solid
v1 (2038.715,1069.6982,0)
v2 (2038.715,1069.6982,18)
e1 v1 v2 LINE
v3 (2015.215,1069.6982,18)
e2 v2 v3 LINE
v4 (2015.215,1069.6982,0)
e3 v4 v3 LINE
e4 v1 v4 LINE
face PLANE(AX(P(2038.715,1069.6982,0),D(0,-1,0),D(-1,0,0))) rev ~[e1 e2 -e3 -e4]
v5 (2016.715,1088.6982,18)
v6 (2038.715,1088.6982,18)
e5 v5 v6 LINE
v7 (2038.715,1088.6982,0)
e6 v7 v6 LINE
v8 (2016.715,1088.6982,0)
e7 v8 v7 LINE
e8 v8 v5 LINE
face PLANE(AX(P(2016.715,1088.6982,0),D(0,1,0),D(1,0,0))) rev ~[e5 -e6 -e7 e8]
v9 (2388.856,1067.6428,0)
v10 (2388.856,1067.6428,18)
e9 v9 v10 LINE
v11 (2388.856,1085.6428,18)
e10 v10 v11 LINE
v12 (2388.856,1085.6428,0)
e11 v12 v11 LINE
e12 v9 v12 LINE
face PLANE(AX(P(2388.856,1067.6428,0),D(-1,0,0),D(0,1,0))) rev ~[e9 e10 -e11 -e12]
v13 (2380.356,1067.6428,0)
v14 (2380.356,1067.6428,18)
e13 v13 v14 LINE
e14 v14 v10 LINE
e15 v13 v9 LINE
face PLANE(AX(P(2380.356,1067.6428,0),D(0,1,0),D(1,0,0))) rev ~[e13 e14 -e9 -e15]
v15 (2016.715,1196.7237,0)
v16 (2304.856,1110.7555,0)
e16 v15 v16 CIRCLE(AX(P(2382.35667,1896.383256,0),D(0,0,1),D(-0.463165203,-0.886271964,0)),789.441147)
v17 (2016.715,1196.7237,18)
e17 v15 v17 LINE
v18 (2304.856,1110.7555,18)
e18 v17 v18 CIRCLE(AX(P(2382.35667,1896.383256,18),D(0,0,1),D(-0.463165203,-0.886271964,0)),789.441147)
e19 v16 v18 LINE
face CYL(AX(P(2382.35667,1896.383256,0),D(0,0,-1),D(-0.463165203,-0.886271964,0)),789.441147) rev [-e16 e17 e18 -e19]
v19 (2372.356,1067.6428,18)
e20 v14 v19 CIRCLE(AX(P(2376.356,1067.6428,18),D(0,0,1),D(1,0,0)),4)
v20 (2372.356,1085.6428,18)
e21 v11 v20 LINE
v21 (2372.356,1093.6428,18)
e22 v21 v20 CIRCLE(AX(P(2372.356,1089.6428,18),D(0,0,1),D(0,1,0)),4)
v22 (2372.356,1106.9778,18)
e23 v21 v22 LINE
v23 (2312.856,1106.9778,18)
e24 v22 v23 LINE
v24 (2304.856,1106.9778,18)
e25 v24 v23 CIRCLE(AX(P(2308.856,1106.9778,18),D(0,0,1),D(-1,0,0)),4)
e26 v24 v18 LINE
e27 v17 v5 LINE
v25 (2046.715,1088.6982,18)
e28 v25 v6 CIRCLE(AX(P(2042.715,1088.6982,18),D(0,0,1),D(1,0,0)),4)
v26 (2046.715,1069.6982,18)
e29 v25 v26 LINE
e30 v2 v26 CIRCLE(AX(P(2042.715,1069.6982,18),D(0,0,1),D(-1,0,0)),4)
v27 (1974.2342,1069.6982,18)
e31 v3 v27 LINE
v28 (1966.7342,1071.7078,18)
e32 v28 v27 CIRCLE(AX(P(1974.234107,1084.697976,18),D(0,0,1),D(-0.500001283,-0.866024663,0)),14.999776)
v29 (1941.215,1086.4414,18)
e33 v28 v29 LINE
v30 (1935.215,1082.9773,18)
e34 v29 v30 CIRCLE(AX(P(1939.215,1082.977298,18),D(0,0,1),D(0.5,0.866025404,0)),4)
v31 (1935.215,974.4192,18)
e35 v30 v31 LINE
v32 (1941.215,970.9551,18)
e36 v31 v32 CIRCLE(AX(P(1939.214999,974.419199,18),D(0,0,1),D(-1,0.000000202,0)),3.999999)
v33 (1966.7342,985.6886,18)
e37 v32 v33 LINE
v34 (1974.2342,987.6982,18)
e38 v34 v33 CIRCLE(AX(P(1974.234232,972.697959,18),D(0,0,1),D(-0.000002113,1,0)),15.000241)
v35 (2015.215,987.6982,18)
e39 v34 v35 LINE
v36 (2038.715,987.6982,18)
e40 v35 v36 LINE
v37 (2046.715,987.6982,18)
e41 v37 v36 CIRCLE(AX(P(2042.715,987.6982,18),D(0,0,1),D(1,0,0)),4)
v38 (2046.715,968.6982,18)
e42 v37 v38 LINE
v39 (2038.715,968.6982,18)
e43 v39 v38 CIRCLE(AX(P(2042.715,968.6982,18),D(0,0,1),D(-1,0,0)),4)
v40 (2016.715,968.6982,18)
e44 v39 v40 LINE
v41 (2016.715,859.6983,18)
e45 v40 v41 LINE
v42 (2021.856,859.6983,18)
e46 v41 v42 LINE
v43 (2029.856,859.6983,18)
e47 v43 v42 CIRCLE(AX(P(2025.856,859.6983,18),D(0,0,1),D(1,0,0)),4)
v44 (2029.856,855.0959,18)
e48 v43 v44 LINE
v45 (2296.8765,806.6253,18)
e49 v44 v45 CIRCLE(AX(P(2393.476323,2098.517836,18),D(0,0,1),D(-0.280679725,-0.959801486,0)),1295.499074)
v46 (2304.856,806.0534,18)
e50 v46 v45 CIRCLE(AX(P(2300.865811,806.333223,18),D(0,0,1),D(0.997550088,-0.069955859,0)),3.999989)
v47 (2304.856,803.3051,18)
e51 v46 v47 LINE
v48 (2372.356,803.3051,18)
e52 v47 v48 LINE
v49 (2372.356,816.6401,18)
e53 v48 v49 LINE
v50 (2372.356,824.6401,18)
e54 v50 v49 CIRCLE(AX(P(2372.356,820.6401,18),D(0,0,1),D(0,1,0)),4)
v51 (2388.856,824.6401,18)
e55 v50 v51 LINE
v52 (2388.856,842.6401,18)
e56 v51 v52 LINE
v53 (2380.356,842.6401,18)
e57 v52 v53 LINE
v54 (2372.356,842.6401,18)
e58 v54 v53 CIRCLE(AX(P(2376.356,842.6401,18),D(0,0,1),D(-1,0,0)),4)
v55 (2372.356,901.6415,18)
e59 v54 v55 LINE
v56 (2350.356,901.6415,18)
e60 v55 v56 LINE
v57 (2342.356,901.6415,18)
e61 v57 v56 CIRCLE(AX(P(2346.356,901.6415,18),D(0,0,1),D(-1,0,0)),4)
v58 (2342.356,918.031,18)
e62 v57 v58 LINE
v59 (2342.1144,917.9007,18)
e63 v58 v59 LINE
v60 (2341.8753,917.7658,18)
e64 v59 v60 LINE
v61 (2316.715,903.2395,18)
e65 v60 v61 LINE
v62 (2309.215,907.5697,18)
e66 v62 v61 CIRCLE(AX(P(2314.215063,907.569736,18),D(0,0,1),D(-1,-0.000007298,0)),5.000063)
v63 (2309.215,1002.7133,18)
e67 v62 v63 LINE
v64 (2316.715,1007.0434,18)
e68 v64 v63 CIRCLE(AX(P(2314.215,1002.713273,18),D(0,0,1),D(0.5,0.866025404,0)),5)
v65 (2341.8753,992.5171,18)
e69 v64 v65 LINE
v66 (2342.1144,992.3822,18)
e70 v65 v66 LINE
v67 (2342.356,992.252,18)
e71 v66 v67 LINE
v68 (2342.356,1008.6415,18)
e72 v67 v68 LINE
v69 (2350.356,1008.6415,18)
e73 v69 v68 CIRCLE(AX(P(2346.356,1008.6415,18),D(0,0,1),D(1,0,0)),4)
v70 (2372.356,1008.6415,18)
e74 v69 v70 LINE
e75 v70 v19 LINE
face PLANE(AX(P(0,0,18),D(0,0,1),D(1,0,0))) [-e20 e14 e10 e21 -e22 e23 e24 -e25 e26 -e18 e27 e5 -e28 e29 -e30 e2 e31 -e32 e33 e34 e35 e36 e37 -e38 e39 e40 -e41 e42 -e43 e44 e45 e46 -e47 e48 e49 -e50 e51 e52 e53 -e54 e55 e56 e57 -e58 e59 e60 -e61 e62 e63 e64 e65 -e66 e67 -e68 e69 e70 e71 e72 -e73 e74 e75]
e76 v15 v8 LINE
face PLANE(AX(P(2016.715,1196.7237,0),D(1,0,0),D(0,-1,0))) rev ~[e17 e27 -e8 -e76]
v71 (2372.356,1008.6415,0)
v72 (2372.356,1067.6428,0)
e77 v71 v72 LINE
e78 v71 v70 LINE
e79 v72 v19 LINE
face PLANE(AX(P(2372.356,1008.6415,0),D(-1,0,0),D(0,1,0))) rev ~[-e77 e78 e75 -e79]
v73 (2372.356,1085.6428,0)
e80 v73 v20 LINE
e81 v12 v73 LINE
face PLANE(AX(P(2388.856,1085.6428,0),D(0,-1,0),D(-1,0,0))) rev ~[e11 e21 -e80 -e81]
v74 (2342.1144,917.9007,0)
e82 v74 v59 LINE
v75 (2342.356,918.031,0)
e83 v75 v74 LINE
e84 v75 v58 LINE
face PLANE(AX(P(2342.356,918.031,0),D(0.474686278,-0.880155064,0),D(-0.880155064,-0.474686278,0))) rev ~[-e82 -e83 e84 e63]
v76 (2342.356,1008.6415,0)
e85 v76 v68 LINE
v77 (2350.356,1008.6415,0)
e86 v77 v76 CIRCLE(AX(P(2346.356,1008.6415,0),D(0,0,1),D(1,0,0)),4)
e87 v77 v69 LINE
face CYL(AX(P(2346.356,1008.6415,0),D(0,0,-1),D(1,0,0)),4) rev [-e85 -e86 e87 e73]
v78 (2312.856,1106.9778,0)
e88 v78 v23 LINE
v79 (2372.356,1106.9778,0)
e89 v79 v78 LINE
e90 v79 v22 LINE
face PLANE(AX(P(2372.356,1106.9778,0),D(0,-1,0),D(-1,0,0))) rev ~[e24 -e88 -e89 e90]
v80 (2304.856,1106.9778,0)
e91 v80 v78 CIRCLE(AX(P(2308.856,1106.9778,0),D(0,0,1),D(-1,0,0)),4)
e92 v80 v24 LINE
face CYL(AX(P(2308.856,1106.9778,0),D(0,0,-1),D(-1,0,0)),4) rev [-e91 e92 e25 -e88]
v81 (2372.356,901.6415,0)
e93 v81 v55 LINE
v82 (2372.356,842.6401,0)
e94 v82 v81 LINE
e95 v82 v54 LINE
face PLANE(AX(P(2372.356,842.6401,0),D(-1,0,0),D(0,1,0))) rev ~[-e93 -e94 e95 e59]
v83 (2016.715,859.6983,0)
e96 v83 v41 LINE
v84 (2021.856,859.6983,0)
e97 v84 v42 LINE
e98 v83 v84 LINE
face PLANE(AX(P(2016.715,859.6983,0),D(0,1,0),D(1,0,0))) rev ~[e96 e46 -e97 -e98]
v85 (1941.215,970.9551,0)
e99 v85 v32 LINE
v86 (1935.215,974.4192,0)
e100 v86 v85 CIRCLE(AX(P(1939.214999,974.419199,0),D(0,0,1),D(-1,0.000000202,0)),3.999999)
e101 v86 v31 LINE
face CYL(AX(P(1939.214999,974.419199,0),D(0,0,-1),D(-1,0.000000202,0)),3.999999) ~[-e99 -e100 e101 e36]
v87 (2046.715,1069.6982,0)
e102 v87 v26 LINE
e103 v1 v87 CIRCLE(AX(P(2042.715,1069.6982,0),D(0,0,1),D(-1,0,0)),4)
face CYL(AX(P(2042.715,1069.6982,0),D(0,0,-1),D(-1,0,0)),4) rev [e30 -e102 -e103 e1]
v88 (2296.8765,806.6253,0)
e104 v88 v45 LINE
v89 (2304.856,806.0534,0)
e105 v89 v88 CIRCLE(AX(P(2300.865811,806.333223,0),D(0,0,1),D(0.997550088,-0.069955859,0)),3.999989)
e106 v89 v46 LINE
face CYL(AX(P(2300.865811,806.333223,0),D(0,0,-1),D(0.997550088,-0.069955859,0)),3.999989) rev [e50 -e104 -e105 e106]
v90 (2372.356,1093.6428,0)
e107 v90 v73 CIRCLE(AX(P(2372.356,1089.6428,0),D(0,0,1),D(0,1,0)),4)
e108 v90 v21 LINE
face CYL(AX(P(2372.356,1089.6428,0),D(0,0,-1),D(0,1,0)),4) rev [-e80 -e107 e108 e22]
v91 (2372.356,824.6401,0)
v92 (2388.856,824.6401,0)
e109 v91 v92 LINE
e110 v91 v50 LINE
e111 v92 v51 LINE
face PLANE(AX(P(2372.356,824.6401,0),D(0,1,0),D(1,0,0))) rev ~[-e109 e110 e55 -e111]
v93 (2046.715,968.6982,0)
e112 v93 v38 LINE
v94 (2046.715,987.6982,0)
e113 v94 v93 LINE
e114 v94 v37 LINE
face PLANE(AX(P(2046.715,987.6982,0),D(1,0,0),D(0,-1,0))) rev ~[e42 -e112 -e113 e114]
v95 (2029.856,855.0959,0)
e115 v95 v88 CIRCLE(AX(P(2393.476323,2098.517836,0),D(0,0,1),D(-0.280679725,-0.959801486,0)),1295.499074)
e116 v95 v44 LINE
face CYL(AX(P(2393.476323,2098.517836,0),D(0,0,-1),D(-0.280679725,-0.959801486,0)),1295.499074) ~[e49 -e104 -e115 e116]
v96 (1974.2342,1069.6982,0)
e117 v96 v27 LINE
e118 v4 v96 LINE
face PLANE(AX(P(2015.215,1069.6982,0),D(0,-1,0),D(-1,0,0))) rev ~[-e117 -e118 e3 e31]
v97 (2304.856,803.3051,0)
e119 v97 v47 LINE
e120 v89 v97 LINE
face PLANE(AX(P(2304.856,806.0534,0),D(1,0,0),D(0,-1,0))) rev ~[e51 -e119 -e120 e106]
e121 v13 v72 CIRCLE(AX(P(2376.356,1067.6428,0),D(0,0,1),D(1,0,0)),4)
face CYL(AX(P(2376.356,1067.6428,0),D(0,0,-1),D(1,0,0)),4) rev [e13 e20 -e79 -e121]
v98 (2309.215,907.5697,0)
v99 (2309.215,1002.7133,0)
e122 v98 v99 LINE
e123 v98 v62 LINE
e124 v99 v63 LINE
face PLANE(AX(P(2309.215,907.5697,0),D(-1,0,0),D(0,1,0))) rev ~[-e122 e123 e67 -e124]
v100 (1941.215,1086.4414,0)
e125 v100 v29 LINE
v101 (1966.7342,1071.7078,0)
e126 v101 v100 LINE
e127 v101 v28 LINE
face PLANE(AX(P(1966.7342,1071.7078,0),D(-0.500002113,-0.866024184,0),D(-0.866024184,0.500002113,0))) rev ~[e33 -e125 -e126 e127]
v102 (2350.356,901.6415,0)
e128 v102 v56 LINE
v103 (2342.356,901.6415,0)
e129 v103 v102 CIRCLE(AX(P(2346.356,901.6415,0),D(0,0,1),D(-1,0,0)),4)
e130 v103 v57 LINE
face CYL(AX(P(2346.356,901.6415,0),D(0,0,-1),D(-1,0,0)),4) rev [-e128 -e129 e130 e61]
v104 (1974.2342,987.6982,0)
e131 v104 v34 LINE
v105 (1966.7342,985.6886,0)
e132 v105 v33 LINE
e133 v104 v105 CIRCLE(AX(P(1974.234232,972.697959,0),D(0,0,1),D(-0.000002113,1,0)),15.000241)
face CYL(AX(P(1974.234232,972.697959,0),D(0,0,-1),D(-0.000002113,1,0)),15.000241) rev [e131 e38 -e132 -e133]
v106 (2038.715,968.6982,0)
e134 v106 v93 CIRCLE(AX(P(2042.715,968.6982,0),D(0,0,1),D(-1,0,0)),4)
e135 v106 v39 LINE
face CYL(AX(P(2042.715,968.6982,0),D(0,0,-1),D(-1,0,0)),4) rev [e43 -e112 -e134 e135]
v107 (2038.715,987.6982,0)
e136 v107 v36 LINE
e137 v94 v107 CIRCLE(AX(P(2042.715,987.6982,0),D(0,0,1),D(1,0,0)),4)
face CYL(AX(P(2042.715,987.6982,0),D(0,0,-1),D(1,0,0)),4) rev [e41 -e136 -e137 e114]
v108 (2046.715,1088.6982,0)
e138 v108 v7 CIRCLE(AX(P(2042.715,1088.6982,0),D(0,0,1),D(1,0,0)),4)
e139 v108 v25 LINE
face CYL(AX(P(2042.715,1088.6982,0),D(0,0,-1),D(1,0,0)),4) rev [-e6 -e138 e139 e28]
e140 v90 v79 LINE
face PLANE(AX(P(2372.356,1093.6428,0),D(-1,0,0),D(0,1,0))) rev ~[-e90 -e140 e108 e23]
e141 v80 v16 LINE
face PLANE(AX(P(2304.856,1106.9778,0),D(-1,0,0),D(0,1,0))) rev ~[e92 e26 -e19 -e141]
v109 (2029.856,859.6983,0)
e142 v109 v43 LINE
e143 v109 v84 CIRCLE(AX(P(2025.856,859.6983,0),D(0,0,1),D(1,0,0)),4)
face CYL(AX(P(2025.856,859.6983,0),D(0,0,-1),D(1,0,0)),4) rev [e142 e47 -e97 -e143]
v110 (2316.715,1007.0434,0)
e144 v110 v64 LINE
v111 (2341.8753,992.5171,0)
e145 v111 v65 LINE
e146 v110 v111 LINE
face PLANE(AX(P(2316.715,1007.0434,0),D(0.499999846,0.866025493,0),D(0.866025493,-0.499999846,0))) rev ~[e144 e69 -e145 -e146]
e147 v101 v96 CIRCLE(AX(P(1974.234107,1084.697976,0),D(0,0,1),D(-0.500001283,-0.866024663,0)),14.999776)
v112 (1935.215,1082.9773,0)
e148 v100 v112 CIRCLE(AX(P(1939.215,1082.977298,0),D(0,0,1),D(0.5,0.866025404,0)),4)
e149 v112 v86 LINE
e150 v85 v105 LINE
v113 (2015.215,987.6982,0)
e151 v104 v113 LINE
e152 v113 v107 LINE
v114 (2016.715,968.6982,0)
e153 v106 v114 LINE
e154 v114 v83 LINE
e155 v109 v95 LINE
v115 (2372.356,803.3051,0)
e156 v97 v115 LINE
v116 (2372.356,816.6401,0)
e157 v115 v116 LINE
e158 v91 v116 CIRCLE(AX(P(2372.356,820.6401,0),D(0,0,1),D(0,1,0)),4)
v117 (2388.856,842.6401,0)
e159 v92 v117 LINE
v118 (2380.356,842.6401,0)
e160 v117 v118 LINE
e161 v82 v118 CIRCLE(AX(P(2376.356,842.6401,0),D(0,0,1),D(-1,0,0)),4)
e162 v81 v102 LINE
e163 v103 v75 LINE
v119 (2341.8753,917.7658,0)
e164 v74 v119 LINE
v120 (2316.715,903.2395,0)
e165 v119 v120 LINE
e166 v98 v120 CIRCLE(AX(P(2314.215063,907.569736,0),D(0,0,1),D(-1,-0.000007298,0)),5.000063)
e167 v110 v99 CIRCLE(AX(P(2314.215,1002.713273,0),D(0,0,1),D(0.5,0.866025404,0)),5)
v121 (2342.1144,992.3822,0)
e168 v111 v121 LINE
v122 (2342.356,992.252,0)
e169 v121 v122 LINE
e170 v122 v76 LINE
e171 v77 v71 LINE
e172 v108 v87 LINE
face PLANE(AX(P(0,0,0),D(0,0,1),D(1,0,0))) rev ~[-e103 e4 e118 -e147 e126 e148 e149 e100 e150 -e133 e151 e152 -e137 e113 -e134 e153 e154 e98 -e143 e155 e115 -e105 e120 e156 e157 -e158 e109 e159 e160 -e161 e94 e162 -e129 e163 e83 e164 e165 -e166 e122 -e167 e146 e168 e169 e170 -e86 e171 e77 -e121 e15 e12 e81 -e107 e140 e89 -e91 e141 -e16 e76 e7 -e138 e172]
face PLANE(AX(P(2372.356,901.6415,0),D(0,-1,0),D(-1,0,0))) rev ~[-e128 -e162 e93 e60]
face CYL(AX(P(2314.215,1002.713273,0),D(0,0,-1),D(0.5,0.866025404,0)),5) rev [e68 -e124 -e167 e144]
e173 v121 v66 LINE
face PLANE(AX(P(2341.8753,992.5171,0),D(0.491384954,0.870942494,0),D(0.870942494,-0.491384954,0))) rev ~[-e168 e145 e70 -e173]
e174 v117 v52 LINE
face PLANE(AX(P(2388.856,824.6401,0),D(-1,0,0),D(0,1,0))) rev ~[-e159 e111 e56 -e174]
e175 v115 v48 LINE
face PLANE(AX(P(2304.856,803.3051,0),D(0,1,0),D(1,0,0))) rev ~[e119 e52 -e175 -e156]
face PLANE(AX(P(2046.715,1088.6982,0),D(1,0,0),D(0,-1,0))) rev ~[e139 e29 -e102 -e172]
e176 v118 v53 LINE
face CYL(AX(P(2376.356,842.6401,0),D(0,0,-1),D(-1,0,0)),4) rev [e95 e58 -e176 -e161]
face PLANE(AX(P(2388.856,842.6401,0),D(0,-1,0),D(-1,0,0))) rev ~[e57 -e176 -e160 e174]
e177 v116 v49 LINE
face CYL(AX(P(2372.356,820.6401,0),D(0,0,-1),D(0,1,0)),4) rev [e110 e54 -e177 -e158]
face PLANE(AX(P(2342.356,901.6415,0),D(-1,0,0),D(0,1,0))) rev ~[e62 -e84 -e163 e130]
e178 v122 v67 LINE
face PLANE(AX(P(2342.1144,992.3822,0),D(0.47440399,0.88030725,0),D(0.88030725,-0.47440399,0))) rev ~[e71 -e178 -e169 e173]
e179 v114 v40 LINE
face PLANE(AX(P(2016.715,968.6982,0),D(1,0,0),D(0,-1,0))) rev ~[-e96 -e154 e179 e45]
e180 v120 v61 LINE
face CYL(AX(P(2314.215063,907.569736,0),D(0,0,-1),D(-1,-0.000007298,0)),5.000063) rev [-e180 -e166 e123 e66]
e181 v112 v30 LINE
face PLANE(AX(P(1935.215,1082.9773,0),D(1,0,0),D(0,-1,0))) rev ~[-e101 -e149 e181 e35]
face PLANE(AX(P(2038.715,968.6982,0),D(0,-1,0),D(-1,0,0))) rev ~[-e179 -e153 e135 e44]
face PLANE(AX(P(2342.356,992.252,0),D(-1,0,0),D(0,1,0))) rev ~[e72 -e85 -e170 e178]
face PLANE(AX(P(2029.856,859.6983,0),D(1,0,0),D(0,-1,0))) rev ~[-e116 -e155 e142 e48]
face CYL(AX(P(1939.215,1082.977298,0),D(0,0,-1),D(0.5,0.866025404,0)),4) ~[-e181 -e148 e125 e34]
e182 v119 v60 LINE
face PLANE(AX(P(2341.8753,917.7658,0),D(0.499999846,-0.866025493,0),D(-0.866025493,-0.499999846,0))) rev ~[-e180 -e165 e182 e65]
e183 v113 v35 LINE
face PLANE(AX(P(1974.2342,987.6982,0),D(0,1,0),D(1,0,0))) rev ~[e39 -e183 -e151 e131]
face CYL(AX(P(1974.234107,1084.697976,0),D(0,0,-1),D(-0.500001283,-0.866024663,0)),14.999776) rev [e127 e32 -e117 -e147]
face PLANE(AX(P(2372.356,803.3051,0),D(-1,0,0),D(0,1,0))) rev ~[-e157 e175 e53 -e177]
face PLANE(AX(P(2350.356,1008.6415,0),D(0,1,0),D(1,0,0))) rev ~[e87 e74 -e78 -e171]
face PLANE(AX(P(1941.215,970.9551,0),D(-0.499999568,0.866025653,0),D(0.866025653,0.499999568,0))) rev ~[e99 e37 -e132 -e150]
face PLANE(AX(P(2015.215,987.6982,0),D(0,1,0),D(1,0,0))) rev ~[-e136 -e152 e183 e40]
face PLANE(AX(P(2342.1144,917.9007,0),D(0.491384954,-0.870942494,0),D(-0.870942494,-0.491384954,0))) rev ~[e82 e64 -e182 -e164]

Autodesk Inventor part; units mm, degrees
ref_plane "YZ Plane" through (0, 0, 0) normal (1, 0, 0) x (0, 1, 0)
ref_plane "XZ Plane" through (0, 0, 0) normal (0, 1, 0) x (-1, 0, 0)
ref_plane "XY Plane" through (0, 0, 0) normal (0, 0, 1) x (1, 0, 0)
sketch "CONTOURS" plane through (0, 0, 0) normal (0, 0, 1) x (1, 0, 0)
  line L0 (2304.856, 1106.9778) -> (2304.856, 1110.7555)
  arc A0 (2016.715, 1196.7237) -> (2304.856, 1110.7555) centre (2382.3562, 1896.3821) ccw
  line L1 (2016.715, 1196.7237) -> (2016.715, 1088.6982)
  line L2 (2016.715, 1088.6982) -> (2038.715, 1088.6982)
  arc A1 (2046.715, 1088.6982) -> (2038.715, 1088.6982) centre (2042.715, 1088.6982) ccw
  line L3 (2046.715, 1088.6982) -> (2046.715, 1069.6982)
  arc A2 (2038.715, 1069.6982) -> (2046.715, 1069.6982) centre (2042.715, 1069.6982) ccw
  line L4 (2038.715, 1069.6982) -> (2015.215, 1069.6982)
  line L5 (2015.215, 1069.6982) -> (1974.2342, 1069.6982)
  arc A3 (1966.7342, 1071.7078) -> (1974.2342, 1069.6982) centre (1974.2342, 1084.6982) ccw
  line L6 (1966.7342, 1071.7078) -> (1941.215, 1086.4414)
  arc A4 (1941.215, 1086.4414) -> (1935.215, 1082.9773) centre (1939.215, 1082.9773) ccw
  line L7 (1935.215, 1082.9773) -> (1935.215, 974.4192)
  arc A5 (1935.215, 974.4192) -> (1941.215, 970.9551) centre (1939.215, 974.4192) ccw
  line L8 (1941.215, 970.9551) -> (1966.7342, 985.6886)
  arc A6 (1974.2342, 987.6982) -> (1966.7342, 985.6886) centre (1974.2342, 972.6982) ccw
  line L9 (1974.2342, 987.6982) -> (2015.215, 987.6982)
  line L10 (2015.215, 987.6982) -> (2038.715, 987.6982)
  arc A7 (2046.715, 987.6982) -> (2038.715, 987.6982) centre (2042.715, 987.6982) ccw
  line L11 (2046.715, 987.6982) -> (2046.715, 968.6982)
  arc A8 (2038.715, 968.6982) -> (2046.715, 968.6982) centre (2042.715, 968.6982) ccw
  line L12 (2038.715, 968.6982) -> (2016.715, 968.6982)
  line L13 (2016.715, 968.6982) -> (2016.715, 859.6983)
  line L14 (2016.715, 859.6983) -> (2021.856, 859.6983)
  arc A9 (2029.856, 859.6983) -> (2021.856, 859.6983) centre (2025.856, 859.6983) ccw
  line L15 (2029.856, 859.6983) -> (2029.856, 855.0959)
  arc A10 (2029.856, 855.0959) -> (2296.8765, 806.6253) centre (2393.477, 2098.5207) ccw
  arc A11 (2304.856, 806.0534) -> (2296.8765, 806.6253) centre (2300.8659, 806.3333) ccw
  line L16 (2304.856, 806.0534) -> (2304.856, 803.3051)
  line L17 (2304.856, 803.3051) -> (2372.356, 803.3051)
  line L18 (2372.356, 803.3051) -> (2372.356, 816.6401)
  arc A12 (2372.356, 824.6401) -> (2372.356, 816.6401) centre (2372.356, 820.6401) ccw
  line L19 (2372.356, 824.6401) -> (2388.856, 824.6401)
  line L20 (2388.856, 824.6401) -> (2388.856, 842.6401)
  line L21 (2388.856, 842.6401) -> (2380.356, 842.6401)
  arc A13 (2372.356, 842.6401) -> (2380.356, 842.6401) centre (2376.356, 842.6401) ccw
  line L22 (2372.356, 842.6401) -> (2372.356, 901.6415)
  line L23 (2372.356, 901.6415) -> (2350.356, 901.6415)
  arc A14 (2342.356, 901.6415) -> (2350.356, 901.6415) centre (2346.356, 901.6415) ccw
  line L24 (2342.356, 901.6415) -> (2342.356, 918.031)
  line L25 (2342.356, 918.031) -> (2342.1144, 917.9007)
  line L26 (2342.1144, 917.9007) -> (2341.8753, 917.7658)
  line L27 (2341.8753, 917.7658) -> (2316.715, 903.2395)
  arc A15 (2309.215, 907.5697) -> (2316.715, 903.2395) centre (2314.215, 907.5697) ccw
  line L28 (2309.215, 907.5697) -> (2309.215, 1002.7133)
  arc A16 (2316.715, 1007.0434) -> (2309.215, 1002.7133) centre (2314.215, 1002.7133) ccw
  line L29 (2316.715, 1007.0434) -> (2341.8753, 992.5171)
  line L30 (2341.8753, 992.5171) -> (2342.1144, 992.3822)
  line L31 (2342.1144, 992.3822) -> (2342.356, 992.252)
  line L32 (2342.356, 992.252) -> (2342.356, 1008.6415)
  arc A17 (2350.356, 1008.6415) -> (2342.356, 1008.6415) centre (2346.356, 1008.6415) ccw
  line L33 (2350.356, 1008.6415) -> (2372.356, 1008.6415)
  line L34 (2372.356, 1008.6415) -> (2372.356, 1067.6428)
  arc A18 (2380.356, 1067.6428) -> (2372.356, 1067.6428) centre (2376.356, 1067.6428) ccw
  line L35 (2380.356, 1067.6428) -> (2388.856, 1067.6428)
  line L36 (2388.856, 1067.6428) -> (2388.856, 1085.6428)
  line L37 (2388.856, 1085.6428) -> (2372.356, 1085.6428)
  arc A19 (2372.356, 1093.6428) -> (2372.356, 1085.6428) centre (2372.356, 1089.6428) ccw
  line L38 (2372.356, 1093.6428) -> (2372.356, 1106.9778)
  line L39 (2372.356, 1106.9778) -> (2312.856, 1106.9778)
  arc A20 (2304.856, 1106.9778) -> (2312.856, 1106.9778) centre (2308.856, 1106.9778) ccw
sketch "LETTERS" plane through (0, 0, 0) normal (0, 0, 1) x (1, 0, 0)
  line L0 (2156.0965, 986.9239) -> (2156.0965, 980.0933)
  line L1 (2156.0965, 980.0933) -> (2175.9213, 980.0933)
  line L2 (2175.9213, 980.0933) -> (2175.9213, 986.9239)
  arc A0 (2175.9213, 986.9239) -> (2156.0965, 986.9239) centre (2166.0089, 986.9239) ccw
extrude "Extrusion4" add sketch "CONTOURS" along normal blind 18
properties part number "Support D" material "Wood (Birch)"
